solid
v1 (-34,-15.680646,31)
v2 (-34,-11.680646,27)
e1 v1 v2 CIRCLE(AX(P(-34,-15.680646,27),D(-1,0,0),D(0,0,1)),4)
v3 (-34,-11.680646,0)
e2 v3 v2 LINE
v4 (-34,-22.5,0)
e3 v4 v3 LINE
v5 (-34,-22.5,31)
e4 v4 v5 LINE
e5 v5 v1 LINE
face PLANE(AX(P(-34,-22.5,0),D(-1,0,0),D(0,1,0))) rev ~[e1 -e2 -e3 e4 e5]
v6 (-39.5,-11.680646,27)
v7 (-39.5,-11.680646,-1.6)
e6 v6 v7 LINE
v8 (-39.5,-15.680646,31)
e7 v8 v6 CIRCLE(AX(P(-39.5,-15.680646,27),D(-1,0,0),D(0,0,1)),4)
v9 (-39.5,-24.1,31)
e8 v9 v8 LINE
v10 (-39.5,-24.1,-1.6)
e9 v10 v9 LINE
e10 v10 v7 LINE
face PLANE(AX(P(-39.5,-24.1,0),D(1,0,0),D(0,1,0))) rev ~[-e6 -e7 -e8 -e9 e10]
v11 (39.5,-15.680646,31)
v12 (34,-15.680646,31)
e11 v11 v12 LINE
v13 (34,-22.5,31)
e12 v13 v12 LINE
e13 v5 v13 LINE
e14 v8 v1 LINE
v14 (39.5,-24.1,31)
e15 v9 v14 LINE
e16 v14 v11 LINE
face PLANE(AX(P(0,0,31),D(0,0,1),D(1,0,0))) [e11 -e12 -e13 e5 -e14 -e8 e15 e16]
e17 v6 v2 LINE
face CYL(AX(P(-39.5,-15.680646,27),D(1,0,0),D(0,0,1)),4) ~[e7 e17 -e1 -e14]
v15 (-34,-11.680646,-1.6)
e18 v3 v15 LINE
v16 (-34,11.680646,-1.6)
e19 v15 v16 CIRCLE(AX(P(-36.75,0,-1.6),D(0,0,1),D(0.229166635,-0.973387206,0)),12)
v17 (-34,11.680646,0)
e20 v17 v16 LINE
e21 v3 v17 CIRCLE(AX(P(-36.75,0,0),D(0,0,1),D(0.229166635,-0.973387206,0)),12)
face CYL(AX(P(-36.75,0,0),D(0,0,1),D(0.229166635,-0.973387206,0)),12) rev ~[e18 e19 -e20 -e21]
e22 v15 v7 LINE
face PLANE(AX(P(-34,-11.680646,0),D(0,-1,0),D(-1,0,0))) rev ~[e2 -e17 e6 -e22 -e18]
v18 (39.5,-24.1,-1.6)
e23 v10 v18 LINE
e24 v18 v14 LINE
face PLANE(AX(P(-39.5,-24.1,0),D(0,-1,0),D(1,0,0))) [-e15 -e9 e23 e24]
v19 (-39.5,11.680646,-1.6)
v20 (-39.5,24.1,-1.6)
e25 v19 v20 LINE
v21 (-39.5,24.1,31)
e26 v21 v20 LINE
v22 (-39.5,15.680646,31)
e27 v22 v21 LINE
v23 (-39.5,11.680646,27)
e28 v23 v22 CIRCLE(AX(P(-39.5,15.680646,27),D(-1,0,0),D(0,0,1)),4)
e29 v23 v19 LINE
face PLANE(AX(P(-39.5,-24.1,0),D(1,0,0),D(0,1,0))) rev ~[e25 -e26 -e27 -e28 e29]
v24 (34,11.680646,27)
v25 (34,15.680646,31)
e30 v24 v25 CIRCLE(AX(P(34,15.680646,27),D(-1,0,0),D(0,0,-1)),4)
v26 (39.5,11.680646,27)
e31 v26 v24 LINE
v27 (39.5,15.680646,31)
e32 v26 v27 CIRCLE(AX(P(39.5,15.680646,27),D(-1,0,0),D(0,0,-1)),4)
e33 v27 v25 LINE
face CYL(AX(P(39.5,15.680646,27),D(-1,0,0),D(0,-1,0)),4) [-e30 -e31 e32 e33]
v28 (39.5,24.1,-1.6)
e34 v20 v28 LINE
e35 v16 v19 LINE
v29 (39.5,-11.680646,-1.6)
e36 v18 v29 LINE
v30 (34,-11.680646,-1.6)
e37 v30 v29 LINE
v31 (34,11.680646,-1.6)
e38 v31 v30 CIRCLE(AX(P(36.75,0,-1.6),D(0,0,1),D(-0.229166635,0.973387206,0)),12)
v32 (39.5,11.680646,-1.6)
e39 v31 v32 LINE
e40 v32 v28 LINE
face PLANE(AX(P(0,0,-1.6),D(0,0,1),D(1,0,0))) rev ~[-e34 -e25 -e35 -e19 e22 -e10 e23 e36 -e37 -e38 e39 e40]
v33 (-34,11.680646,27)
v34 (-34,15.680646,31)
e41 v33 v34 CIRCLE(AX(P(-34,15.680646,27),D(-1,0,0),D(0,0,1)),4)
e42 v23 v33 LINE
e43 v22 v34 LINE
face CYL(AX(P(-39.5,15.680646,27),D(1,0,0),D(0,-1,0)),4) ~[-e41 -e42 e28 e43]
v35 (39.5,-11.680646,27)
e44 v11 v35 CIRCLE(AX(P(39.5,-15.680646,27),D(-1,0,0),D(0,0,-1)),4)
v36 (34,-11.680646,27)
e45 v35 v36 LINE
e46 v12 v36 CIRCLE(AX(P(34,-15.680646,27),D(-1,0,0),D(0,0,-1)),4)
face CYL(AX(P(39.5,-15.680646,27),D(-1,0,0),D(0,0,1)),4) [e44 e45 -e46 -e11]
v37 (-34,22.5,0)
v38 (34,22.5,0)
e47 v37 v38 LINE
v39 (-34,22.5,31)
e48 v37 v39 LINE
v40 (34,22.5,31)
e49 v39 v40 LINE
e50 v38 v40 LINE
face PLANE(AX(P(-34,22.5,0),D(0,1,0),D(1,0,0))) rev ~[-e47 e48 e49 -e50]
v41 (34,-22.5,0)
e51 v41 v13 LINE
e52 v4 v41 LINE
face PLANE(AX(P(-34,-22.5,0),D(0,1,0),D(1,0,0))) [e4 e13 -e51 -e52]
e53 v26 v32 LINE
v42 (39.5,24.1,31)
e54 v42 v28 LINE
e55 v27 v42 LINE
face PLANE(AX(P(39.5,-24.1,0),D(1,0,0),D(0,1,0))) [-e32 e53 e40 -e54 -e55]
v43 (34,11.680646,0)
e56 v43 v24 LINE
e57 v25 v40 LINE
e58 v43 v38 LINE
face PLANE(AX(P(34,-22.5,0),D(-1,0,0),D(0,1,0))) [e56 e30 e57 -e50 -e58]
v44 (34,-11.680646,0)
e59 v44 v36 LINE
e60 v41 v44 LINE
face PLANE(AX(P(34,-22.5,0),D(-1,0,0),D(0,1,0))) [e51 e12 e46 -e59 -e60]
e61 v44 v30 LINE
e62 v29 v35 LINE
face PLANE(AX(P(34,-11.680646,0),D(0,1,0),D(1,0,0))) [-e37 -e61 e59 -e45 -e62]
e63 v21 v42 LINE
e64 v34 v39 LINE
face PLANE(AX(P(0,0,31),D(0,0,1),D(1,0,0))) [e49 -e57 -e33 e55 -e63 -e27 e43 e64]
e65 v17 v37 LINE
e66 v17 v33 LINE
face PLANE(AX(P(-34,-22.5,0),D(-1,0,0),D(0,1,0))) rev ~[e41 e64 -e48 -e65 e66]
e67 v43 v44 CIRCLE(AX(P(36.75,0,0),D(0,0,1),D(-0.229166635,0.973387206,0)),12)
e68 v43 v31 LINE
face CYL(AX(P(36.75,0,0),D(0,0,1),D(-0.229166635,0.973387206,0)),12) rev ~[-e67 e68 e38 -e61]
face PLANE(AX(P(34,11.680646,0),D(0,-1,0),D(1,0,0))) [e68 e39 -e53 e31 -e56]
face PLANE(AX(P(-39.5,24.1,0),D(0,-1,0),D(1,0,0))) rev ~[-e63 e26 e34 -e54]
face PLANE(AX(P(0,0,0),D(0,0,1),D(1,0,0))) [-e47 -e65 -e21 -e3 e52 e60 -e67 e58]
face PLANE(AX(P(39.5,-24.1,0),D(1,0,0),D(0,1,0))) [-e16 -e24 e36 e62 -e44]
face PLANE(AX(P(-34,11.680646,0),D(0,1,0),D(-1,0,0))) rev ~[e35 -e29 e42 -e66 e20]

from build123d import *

# Parameters (mm, degrees)
SKETCH029_W          = 79
SKETCH029_H          = 48.2
SKETCH029_W_2        = 68
SKETCH029_H_2        = 45
PAD015_DEPTH         = 31
SKETCH091_W          = 79
SKETCH091_H          = 48.2
PAD054_DEPTH         = 1.6
POCKET037_DEPTH      = 1.601
POCKET037_DEPTH_BACK = 31.001
FILLET009_R          = 4


with BuildPart() as part:
    # Sketch029 → Pad015 (new body)
    with BuildSketch(Plane.XY):
        Rectangle(SKETCH029_W, SKETCH029_H)
        Rectangle(SKETCH029_W_2, SKETCH029_H_2, mode=Mode.SUBTRACT)
    extrude(amount=PAD015_DEPTH)

    # Sketch091 → Pad054 (join)
    with BuildSketch(Plane.XY):
        Rectangle(SKETCH091_W, SKETCH091_H)
    extrude(amount=-PAD054_DEPTH)

    # Sketch030 → Pocket037 (cut, two sides)
    with BuildSketch(Plane.XY) as pocket037_sk:
        with BuildLine():
            ThreePointArc((-34, -11.680646), (-24.75, 0), (-34, 11.680646))
            Line((-34, 11.680646), (-39.5, 11.680646))
            Line((-39.5, 11.680646), (-39.5, -11.680646))
            Line((-34, -11.680646), (-39.5, -11.680646))
        make_face()
        with BuildLine():
            ThreePointArc((34, 11.680646), (24.75, 0), (34, -11.680646))
            Line((34, -11.680646), (39.5, -11.680646))
            Line((39.5, 11.680646), (39.5, -11.680646))
            Line((34, 11.680646), (39.5, 11.680646))
        make_face()
    extrude(amount=-POCKET037_DEPTH, mode=Mode.SUBTRACT)
    extrude(pocket037_sk.sketch, amount=POCKET037_DEPTH_BACK, mode=Mode.SUBTRACT)

    # Fillet009
    fillet009_edges = [part.edges().sort_by_distance(p)[0] for p in [
        (36.75, 11.680646, 31),
        (36.75, -11.680646, 31),
        (-36.75, 11.680646, 31),
        (-36.75, -11.680646, 31),
    ]]
    fillet(fillet009_edges, radius=FILLET009_R)


solid = part.part
